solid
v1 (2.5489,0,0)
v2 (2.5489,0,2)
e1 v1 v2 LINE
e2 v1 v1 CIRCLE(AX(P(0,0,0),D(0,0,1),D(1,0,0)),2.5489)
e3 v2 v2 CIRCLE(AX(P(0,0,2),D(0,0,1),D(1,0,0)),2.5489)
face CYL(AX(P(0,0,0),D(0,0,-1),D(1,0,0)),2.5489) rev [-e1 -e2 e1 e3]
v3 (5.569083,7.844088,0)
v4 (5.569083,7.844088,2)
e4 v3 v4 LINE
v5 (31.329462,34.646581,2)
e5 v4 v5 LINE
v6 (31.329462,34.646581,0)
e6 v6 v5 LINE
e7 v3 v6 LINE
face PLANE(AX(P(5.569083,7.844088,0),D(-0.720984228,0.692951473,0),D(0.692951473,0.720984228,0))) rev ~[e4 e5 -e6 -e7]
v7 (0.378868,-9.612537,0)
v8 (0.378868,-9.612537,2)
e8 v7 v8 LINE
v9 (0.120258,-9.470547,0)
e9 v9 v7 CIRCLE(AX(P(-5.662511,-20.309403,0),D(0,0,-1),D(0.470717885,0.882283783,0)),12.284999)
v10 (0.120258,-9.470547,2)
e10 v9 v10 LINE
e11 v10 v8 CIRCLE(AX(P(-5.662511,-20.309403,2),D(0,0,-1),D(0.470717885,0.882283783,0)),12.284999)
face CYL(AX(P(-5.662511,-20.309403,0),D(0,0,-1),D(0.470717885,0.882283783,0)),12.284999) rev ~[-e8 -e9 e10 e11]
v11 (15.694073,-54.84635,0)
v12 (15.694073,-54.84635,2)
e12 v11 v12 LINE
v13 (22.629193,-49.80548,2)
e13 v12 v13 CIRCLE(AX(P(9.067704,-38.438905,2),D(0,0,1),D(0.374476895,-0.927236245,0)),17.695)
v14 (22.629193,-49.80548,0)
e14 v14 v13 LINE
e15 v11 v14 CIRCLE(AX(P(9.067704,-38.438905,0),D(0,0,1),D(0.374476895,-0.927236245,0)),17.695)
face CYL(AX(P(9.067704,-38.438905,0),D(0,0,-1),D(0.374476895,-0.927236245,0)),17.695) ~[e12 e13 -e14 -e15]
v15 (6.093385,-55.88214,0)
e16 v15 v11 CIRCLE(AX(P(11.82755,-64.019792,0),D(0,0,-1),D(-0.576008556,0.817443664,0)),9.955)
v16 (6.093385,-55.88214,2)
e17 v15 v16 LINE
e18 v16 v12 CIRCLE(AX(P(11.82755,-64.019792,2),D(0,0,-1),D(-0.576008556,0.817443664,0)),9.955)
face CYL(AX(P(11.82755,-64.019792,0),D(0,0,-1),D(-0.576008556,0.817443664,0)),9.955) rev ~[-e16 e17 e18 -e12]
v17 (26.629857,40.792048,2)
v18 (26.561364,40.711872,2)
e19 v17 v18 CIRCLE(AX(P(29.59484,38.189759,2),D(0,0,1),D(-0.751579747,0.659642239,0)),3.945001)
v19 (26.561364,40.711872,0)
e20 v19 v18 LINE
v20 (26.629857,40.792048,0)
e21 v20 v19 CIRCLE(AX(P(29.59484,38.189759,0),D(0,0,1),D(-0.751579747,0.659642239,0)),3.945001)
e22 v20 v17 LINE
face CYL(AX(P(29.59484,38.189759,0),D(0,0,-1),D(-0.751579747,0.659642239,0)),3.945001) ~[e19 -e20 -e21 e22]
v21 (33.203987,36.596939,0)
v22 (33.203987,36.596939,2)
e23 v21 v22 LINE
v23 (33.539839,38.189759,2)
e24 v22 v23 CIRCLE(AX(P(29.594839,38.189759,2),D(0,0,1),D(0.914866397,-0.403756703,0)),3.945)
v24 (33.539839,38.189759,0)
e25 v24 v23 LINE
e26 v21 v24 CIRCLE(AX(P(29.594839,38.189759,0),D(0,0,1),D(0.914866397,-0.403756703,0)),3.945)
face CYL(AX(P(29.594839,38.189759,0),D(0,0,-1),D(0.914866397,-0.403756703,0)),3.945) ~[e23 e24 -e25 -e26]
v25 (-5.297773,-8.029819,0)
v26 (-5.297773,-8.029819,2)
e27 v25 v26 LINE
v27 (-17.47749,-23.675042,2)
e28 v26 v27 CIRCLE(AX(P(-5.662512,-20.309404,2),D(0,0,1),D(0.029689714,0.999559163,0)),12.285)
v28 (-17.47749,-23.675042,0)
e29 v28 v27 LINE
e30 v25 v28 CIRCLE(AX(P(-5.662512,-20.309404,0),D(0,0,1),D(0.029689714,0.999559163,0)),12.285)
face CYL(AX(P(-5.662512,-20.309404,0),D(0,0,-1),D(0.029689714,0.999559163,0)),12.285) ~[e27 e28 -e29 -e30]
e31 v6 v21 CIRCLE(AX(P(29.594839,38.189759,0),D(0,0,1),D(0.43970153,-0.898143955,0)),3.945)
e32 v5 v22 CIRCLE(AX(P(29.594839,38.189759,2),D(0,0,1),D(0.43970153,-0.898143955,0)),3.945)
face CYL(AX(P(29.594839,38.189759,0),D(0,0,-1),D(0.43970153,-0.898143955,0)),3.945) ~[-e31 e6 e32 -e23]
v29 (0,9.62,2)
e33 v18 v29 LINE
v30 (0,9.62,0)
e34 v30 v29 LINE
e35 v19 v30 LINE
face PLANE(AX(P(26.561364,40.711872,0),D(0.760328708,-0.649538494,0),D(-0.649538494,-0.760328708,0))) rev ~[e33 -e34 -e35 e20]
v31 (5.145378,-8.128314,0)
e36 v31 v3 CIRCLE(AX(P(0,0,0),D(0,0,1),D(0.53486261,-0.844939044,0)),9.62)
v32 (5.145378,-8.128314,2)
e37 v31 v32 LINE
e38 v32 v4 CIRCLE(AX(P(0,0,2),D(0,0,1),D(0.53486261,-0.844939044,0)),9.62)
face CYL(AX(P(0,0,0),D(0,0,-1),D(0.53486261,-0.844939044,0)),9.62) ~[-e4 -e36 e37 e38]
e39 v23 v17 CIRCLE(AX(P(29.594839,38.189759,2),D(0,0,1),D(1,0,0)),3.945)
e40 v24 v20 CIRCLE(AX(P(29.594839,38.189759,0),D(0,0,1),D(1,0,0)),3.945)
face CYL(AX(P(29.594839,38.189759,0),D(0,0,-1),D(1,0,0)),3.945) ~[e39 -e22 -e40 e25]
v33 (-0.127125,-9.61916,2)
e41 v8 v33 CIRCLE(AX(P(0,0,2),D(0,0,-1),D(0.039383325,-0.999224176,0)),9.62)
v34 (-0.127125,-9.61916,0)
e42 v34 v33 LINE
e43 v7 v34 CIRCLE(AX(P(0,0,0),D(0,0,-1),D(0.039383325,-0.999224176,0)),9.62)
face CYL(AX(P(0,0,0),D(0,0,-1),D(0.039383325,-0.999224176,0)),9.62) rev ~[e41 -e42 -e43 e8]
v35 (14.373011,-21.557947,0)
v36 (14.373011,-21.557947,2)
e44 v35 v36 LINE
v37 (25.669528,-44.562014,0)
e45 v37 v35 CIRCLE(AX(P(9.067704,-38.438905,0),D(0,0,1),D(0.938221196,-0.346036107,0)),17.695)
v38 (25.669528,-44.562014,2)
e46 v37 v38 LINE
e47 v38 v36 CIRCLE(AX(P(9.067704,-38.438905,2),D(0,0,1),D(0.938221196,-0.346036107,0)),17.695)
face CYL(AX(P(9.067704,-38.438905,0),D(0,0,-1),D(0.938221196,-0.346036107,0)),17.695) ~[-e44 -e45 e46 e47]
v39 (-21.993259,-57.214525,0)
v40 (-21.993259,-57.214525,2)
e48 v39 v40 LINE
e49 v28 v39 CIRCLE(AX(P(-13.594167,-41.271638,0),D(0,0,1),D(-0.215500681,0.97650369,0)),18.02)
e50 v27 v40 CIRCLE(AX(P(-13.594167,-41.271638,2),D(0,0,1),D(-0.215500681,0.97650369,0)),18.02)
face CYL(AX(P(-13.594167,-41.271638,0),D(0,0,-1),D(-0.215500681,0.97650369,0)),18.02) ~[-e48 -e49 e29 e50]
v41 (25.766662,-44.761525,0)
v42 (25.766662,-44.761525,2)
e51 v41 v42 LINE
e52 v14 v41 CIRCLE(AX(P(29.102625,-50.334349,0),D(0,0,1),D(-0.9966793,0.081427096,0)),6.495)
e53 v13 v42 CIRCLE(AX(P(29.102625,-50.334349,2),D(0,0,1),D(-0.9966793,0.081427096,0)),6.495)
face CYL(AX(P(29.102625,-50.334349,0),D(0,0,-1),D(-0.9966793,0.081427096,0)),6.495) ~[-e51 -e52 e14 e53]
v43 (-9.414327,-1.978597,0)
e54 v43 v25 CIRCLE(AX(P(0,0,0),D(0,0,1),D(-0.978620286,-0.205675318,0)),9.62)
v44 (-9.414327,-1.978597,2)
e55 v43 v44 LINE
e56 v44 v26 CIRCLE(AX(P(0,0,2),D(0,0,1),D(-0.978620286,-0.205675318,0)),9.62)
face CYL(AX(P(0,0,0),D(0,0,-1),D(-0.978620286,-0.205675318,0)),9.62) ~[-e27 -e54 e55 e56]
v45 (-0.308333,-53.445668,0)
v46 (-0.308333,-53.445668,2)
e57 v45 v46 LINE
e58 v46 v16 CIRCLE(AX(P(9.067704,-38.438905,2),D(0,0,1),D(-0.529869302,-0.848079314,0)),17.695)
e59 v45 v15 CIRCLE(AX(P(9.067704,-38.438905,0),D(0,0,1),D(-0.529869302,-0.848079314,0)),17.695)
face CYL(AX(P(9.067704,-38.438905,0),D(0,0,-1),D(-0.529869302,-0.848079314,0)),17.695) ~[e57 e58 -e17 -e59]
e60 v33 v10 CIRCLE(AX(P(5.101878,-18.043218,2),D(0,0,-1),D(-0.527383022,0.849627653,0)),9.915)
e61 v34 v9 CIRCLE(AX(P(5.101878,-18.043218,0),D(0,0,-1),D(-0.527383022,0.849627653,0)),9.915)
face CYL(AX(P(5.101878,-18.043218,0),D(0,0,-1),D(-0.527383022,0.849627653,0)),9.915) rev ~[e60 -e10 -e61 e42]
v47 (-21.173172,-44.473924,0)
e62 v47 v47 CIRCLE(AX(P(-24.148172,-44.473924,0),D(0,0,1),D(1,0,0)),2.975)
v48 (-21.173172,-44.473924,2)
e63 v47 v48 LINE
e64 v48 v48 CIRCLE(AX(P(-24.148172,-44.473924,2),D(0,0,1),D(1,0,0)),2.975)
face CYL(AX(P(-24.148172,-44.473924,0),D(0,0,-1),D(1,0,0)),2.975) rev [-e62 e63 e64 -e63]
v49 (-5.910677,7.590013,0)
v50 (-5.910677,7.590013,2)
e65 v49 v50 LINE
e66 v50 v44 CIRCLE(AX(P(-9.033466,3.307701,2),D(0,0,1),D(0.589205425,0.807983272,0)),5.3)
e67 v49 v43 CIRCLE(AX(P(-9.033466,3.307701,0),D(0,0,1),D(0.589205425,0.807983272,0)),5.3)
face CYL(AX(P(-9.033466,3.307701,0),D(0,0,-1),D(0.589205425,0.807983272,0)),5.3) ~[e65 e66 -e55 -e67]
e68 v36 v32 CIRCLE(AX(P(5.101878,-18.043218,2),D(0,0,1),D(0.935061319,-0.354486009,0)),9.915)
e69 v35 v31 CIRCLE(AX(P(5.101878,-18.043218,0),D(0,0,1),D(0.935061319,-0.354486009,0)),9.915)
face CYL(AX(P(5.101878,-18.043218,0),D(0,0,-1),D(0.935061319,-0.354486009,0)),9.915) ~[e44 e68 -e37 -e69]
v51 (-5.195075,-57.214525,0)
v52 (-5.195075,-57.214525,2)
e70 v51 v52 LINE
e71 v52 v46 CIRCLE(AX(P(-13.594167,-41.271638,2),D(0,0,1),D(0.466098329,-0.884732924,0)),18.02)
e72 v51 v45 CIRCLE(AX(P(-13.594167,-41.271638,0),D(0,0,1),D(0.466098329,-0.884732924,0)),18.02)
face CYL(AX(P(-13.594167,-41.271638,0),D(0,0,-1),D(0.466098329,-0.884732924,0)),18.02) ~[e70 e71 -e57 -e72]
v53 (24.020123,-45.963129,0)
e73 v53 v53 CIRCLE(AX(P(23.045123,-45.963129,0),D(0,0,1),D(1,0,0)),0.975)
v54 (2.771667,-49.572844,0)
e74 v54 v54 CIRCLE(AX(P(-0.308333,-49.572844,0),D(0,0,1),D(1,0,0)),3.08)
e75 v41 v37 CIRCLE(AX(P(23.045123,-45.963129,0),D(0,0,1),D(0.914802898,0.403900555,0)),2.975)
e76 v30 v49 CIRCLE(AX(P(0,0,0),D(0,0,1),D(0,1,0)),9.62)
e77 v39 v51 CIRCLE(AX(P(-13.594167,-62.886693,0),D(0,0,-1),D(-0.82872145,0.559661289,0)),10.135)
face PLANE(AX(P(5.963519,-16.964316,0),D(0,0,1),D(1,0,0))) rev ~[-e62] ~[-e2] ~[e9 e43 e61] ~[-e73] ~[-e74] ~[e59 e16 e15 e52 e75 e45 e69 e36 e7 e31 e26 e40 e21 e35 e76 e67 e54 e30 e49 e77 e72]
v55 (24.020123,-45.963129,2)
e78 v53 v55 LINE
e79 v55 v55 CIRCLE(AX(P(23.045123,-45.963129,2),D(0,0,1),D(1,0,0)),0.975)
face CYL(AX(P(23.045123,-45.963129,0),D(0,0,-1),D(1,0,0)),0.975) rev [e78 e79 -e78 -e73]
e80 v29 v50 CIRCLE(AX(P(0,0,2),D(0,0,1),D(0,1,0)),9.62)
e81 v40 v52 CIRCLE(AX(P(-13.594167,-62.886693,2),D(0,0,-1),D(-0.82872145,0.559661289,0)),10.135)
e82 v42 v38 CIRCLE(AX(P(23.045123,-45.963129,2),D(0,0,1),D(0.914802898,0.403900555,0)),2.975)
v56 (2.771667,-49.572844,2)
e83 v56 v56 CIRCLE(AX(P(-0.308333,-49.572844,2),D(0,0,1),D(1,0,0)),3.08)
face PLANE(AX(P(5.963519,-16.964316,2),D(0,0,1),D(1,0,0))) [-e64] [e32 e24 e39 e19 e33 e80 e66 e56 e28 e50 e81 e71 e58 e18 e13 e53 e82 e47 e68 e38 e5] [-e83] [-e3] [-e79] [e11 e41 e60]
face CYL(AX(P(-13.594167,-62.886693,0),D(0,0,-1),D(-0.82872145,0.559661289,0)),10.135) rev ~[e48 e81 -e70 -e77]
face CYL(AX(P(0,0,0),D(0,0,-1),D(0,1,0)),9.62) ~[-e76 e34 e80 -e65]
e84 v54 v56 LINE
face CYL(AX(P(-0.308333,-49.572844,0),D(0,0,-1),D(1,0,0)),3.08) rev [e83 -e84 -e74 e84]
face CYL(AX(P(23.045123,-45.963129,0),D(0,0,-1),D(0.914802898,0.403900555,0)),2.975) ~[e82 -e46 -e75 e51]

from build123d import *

# Parameters (mm, degrees)
F0_R     = 2.975
F0_R_2   = 3.08
F0_R_3   = 2.5488998398
F0_R_4   = 0.975
F1_DEPTH = 2


with BuildPart() as f1:
    # F0 (on Top) → F1 (new body)
    with BuildSketch(Plane.XY):
        with BuildLine():
            ThreePointArc((0, 9.62), (-3.1247782734, 9.0983603326), (-5.9106774825, 7.5900126283))
            ThreePointArc((-5.9106774825, 7.5900126283), (-14.0103239296, 5.1300315191), (-9.4143271476, -1.9785965627))
            ThreePointArc((-9.4143271476, -1.9785965627), (-7.953980121, -5.4109703598), (-5.2977734311, -8.0298192179))
            ThreePointArc((-5.2977734311, -8.0298192179), (-15.3563366308, -12.7628161866), (-17.4774895724, -23.6750416309))
            ThreePointArc((-17.4774895724, -23.6750416309), (-31.4530213473, -38.8671148112), (-21.9932592031, -57.2145254208))
            ThreePointArc((-21.9932592031, -57.2145254208), (-13.594167307, -52.7516925836), (-5.195075411, -57.2145254208))
            ThreePointArc((-5.195075411, -57.2145254208), (-2.5891651165, -55.5408471707), (-0.3083333254, -53.4456684937))
            ThreePointArc((-0.3083333254, -53.4456684937), (2.7735062316, -54.9766225221), (6.0933847221, -55.8821401092))
            ThreePointArc((6.0933847221, -55.8821401092), (10.7597310208, -54.1222270386), (15.6940726347, -54.8463503928))
            ThreePointArc((15.6940726347, -54.8463503928), (19.4715491799, -52.7522914168), (22.6291932688, -49.805480284))
            ThreePointArc((22.6291932688, -49.805480284), (34.6177347984, -53.7648874976), (25.7666616794, -44.7615248962))
            ThreePointArc((25.7666616794, -44.7615248962), (25.9560681279, -45.3491064075), (26.0201230582, -45.9631290464))
            ThreePointArc((26.0201230582, -45.9631290464), (20.1591024589, -46.6852856084), (25.669528033, -44.5620139446))
            ThreePointArc((25.669528033, -44.5620139446), (24.9509457494, -30.6391835246), (14.3730107044, -21.5579469578))
            ThreePointArc((14.3730107044, -21.5579469578), (13.2737418091, -12.4282504621), (5.1453783053, -8.1283136071))
            ThreePointArc((5.1453783053, -8.1283136071), (9.6166170048, -0.2551026914), (5.5690826768, 7.8440881012))
            Line((5.5690826768, 7.8440881012), (31.3294620107, 34.6465813872))
            ThreePointArc((31.3294620107, 34.6465813872), (26.493437969, 35.7516588595), (26.56136386, 40.7118716398))
            Line((26.56136386, 40.7118716398), (0, 9.62))
        make_face()
        with Locations((-24.1481717676, -44.4739237428)):
            Circle(F0_R, mode=Mode.SUBTRACT)
        with Locations((-0.3083333254, -49.5728440583)):
            Circle(F0_R_2, mode=Mode.SUBTRACT)
        with BuildLine():
            ThreePointArc((0.378867587, -9.6125365722), (0.1259148835, -9.6191759232), (-0.1271249373, -9.6191600075))
            ThreePointArc((-0.1271249373, -9.6191600075), (-0.0039743658, -9.5439535434), (0.1202576566, -9.4705472758))
            ThreePointArc((0.1202576566, -9.4705472758), (0.2499888731, -9.540765578), (0.378867587, -9.6125365722))
        make_face(mode=Mode.SUBTRACT)
        Circle(F0_R_3, mode=Mode.SUBTRACT)
        with BuildLine():
            Line((26.629857377, 40.7920479308), (26.56136386, 40.7118716398))
            ThreePointArc((26.56136386, 40.7118716398), (26.493437969, 35.7516588595), (31.3294620107, 34.6465813872))
            Line((31.3294620107, 34.6465813872), (33.2039874102, 36.5969390967))
            ThreePointArc((33.2039874102, 36.5969390967), (33.4549634098, 37.3758377988), (33.5398394732, 38.1897592902))
            ThreePointArc((33.5398394732, 38.1897592902), (30.985193858, 41.8816341099), (26.629857377, 40.7920479308))
        make_face()
        with BuildLine():
            ThreePointArc((26.629857377, 40.7920479308), (26.5953427184, 40.7521886487), (26.56136386, 40.7118716398))
            Line((26.56136386, 40.7118716398), (26.629857377, 40.7920479308))
        make_face()
        with BuildLine():
            Line((33.2039874102, 36.5969390967), (31.3294620107, 34.6465813872))
            ThreePointArc((31.3294620107, 34.6465813872), (32.439122251, 35.4560657302), (33.2039874102, 36.5969390967))
        make_face()
        with BuildLine():
            ThreePointArc((25.7666616794, -44.7615248962), (25.7199556488, -44.6608634773), (25.669528033, -44.5620139446))
            ThreePointArc((25.669528033, -44.5620139446), (25.6053179605, -44.7333747057), (25.5393391899, -44.9040622732))
            ThreePointArc((25.5393391899, -44.9040622732), (25.6522643134, -44.8316195986), (25.7666616794, -44.7615248962))
        make_face()
        with BuildLine():
            ThreePointArc((25.5393391899, -44.9040622732), (25.6053179605, -44.7333747057), (25.669528033, -44.5620139446))
            ThreePointArc((25.669528033, -44.5620139446), (20.1591024589, -46.6852856084), (26.0201230582, -45.9631290464))
            ThreePointArc((26.0201230582, -45.9631290464), (25.9560681279, -45.3491064075), (25.7666616794, -44.7615248962))
            ThreePointArc((25.7666616794, -44.7615248962), (25.6522643134, -44.8316195986), (25.5393391899, -44.9040622732))
        make_face()
        with Locations((23.0451230582, -45.9631290464)):
            Circle(F0_R_4, mode=Mode.SUBTRACT)
    extrude(amount=F1_DEPTH)


solid = f1.part
